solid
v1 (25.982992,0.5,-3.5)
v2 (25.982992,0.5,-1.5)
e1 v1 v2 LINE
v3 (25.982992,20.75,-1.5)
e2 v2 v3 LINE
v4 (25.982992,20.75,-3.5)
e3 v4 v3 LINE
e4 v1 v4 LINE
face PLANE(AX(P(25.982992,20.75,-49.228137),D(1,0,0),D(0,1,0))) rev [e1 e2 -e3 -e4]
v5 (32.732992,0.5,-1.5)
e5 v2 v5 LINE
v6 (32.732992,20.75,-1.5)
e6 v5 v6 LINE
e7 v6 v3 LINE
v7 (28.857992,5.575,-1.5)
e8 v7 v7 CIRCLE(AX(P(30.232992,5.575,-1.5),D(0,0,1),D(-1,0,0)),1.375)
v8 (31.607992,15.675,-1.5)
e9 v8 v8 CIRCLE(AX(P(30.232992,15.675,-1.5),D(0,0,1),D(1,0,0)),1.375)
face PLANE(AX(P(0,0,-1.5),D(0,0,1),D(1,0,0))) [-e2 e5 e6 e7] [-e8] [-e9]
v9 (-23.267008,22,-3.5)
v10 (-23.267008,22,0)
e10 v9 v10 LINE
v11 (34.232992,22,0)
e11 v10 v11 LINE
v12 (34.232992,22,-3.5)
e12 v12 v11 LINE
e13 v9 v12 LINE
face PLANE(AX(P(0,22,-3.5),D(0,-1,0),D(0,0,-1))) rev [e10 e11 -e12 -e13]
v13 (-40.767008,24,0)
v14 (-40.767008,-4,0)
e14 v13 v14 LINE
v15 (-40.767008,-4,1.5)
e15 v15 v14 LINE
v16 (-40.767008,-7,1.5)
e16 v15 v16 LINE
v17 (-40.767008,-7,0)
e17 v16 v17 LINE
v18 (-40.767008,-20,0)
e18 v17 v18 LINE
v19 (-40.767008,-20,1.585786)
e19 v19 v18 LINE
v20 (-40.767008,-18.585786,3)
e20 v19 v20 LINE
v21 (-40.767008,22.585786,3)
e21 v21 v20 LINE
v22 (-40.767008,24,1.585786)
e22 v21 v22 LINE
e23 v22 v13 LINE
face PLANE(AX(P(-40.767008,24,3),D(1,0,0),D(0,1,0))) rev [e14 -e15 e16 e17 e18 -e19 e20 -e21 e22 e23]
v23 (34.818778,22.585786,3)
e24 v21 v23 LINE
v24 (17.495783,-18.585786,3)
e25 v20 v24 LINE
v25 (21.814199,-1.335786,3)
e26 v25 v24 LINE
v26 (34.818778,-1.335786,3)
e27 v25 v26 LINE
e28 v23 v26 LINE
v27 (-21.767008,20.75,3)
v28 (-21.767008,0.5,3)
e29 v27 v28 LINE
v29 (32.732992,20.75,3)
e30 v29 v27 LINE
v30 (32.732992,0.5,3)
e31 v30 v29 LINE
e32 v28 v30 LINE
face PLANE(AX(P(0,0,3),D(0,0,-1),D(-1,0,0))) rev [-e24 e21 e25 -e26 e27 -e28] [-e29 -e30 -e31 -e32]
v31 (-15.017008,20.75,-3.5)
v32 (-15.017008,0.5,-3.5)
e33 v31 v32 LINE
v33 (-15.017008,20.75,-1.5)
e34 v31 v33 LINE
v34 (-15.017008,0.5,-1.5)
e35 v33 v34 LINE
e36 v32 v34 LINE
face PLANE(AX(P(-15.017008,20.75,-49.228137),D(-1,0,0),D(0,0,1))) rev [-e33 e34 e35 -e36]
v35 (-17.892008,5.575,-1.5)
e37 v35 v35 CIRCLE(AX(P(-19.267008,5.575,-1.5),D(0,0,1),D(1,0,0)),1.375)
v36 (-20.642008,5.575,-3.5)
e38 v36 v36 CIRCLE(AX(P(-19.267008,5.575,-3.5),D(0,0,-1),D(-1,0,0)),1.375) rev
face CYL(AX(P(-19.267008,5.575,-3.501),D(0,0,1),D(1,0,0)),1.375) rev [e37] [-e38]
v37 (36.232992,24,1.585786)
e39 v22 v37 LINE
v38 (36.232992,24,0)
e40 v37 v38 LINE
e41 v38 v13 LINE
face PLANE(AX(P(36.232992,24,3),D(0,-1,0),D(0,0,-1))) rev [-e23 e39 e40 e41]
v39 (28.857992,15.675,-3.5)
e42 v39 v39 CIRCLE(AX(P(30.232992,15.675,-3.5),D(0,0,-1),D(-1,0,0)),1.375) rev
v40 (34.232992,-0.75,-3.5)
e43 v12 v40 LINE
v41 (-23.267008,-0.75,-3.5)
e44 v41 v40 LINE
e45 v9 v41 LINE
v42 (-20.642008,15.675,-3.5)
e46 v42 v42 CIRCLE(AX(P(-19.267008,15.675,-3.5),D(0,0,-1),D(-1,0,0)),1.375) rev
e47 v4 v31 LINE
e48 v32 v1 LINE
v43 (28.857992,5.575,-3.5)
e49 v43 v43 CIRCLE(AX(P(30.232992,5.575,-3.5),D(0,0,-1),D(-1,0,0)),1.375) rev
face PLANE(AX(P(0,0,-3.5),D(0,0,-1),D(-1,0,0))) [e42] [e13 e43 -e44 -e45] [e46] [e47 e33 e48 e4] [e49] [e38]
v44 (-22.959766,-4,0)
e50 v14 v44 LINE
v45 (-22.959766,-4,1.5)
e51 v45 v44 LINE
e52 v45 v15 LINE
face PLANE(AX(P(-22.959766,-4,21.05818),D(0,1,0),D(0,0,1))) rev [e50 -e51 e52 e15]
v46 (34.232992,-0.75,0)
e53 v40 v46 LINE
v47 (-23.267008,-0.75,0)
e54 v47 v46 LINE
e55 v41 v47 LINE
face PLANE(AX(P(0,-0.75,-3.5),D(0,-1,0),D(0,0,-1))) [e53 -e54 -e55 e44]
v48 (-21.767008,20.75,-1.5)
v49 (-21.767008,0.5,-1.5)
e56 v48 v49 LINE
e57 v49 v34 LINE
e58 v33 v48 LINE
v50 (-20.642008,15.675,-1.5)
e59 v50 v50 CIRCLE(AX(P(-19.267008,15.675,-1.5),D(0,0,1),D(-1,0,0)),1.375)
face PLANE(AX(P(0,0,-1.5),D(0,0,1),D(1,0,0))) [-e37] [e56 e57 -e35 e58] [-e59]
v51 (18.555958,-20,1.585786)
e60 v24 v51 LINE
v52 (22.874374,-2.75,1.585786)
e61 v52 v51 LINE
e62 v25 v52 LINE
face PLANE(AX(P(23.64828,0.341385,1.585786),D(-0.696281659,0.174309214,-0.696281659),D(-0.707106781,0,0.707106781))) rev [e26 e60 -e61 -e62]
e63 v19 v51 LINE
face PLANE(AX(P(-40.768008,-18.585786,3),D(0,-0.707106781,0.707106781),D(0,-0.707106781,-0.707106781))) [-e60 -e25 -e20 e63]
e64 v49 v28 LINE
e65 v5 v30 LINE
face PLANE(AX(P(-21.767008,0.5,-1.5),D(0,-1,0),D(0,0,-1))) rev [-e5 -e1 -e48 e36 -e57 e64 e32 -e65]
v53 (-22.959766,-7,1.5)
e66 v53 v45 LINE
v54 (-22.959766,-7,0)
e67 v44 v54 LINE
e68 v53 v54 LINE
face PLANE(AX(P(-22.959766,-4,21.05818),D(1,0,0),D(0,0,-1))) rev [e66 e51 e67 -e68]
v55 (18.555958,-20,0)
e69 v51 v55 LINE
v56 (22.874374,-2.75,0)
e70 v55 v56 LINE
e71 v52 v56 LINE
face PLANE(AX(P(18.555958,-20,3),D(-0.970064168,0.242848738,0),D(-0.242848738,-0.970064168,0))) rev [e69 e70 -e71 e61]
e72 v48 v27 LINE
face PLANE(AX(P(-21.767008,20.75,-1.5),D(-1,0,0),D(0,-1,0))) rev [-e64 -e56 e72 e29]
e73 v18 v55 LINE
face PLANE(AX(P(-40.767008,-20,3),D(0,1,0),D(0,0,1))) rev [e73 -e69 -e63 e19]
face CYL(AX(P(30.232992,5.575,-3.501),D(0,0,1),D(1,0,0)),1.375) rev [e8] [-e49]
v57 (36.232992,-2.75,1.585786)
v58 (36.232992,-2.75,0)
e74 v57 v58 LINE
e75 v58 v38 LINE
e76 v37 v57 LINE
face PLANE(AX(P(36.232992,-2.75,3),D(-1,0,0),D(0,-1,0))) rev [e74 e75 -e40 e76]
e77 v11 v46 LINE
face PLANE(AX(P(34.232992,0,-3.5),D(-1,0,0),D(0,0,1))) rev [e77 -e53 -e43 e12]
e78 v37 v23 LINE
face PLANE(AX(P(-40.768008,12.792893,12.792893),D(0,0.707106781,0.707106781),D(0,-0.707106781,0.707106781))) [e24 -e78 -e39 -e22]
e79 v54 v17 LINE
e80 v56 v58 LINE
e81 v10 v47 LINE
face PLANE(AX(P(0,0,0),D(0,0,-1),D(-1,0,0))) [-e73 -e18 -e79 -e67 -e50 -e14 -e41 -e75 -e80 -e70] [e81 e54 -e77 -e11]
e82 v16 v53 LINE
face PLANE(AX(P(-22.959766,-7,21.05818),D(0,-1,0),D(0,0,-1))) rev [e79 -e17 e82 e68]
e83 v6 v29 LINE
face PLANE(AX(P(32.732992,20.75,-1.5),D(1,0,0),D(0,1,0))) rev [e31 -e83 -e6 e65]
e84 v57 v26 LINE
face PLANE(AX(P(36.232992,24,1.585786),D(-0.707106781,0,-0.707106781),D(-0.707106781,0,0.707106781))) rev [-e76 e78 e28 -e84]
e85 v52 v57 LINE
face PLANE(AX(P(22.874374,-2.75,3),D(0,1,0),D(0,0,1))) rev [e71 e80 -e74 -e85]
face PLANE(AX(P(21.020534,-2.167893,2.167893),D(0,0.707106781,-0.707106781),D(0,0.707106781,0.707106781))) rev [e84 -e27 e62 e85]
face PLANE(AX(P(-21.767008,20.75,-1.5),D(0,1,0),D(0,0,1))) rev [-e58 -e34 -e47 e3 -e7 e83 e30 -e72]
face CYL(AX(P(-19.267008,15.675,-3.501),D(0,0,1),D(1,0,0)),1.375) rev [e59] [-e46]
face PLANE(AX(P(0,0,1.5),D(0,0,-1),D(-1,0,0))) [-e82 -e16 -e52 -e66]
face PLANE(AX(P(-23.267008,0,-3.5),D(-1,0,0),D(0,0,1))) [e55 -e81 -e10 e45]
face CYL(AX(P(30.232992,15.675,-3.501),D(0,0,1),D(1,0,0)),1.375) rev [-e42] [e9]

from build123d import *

# Parameters (mm, degrees)
BOSS_EXTRUDE1_DEPTH = 3
CUT_EXTRUDE1_REACH  = 82.709
CUT_EXTRUDE2_REACH  = 82.709
CUT_EXTRUDE3_DEPTH  = 49.851933985
CUT_EXTRUDE4_REACH  = 63.973
SKETCH9_W           = 57.5
SKETCH9_H           = 22.75
BOSS_EXTRUDE2_DEPTH = 3.5
SKETCH13_W          = 54.5
SKETCH13_H          = 20.25
CUT_EXTRUDE6_DEPTH  = 4.5
SKETCH14_W          = 41
SKETCH14_H          = 20.25
CUT_EXTRUDE7_DEPTH  = 2
CUT_EXTRUDE8_REACH  = 49.521
SKETCH15_R          = 1.375
SKETCH16_W          = 17.807241949
SKETCH16_H          = 3
CUT_EXTRUDE9_DEPTH  = 1.5


with BuildPart() as part:
    # Sketch4 → Boss-Extrude1 (new body)
    with BuildSketch(Plane.XY):
        Polygon((22.874373936, -2.75), (36.232991843, -2.75), (36.232991843, 24), (-40.767008157, 24), (-40.767008157, -20), (18.555957827, -20), align=None)
    extrude(amount=BOSS_EXTRUDE1_DEPTH)

    # Sketch5 → Cut-Extrude1 (cut, up to next)
    with BuildSketch(Plane(origin=(36.232991843, 0, 0), x_dir=(0, 0, -1), z_dir=(1, 0, 0)), mode=Mode.PRIVATE) as cut_extrude1_sk1:
        Polygon((-3, 22.585786438), (-1.585786438, 24), (-3, 24), align=None)
    cut_extrude1_tool1 = extrude(cut_extrude1_sk1.sketch, amount=-CUT_EXTRUDE1_REACH, mode=Mode.PRIVATE) & part.part
    # Sketch5 → Cut-Extrude1 (cut, up to next)
    with BuildSketch(Plane(origin=(36.232991843, 0, 0), x_dir=(0, 0, -1), z_dir=(1, 0, 0)), mode=Mode.PRIVATE) as cut_extrude1_sk2:
        Polygon((-3, -18.585786438), (-1.585786438, -20), (-3, -20), align=None)
    cut_extrude1_tool2 = extrude(cut_extrude1_sk2.sketch, amount=-CUT_EXTRUDE1_REACH, mode=Mode.PRIVATE) & part.part
    add(cut_extrude1_tool1.solids().sort_by_distance((36.232992, 23.528595, 2.528595))[0], mode=Mode.SUBTRACT)
    add(cut_extrude1_tool2.solids().sort_by_distance((36.232992, -19.528595, 2.528595))[0], mode=Mode.SUBTRACT)

    # Cut-Extrude2: up to this plane
    cut_extrude2_end = Plane(origin=(18.555957827, -20, 3), z_dir=(-0.9700641682071632, 0.24284873802543147, 0))
    # Sketch5<4> → Cut-Extrude2 (cut, up to the surface)
    with BuildSketch(Plane(origin=(36.232991843, 0, 0), x_dir=(0, 0, -1), z_dir=(1, 0, 0)), mode=Mode.PRIVATE) as cut_extrude2_sk1:
        Polygon((-1.585786438, -2.75), (-3, -1.335786438), (-3, -2.75), align=None)
    cut_extrude2_tool1 = split(extrude(cut_extrude2_sk1.sketch, amount=-CUT_EXTRUDE2_REACH, mode=Mode.PRIVATE), bisect_by=cut_extrude2_end, keep=Keep.BOTH, mode=Mode.PRIVATE)
    add(cut_extrude2_tool1.solids().sort_by_distance((36.232992, -2.278595, 2.528595))[0], mode=Mode.SUBTRACT)

    # Sketch7 → Cut-Extrude3 (cut, through all)
    with BuildSketch(Plane.XZ.offset(2.75)):
        Polygon((36.232991843, 1.585786438), (34.818778281, 3), (36.232991843, 3), align=None)
    extrude(amount=-CUT_EXTRUDE3_DEPTH, mode=Mode.SUBTRACT)

    # Cut-Extrude4: up to this plane
    cut_extrude4_end = Plane(origin=(21.020533502, -2.167893219, 2.167893219), z_dir=(0, 0.7071067811865472, -0.707106781186548))
    # Sketch8 → Cut-Extrude4 (cut, up to the surface)
    with BuildSketch(Plane.XZ.offset(20), mode=Mode.PRIVATE) as cut_extrude4_sk1:
        Polygon((17.141744264, 3), (18.555957827, 3), (18.555957827, 1.585786438), align=None)
    cut_extrude4_tool1 = split(extrude(cut_extrude4_sk1.sketch, amount=CUT_EXTRUDE4_REACH, dir=(0.242848738025, 0.970064168207, 0), mode=Mode.PRIVATE), bisect_by=cut_extrude4_end, keep=Keep.BOTH, mode=Mode.PRIVATE)
    add(cut_extrude4_tool1.solids().sort_by_distance((18.084553, -20, 2.528595))[0], mode=Mode.SUBTRACT)

    # Sketch9 → Boss-Extrude2 (add)
    with BuildSketch(Plane.XY):
        with Locations((5.482991843, 10.625)):
            Rectangle(SKETCH9_W, SKETCH9_H)
    extrude(amount=-BOSS_EXTRUDE2_DEPTH)

    # Sketch13 → Cut-Extrude6 (cut)
    with BuildSketch(Plane.XY.offset(3)):
        with Locations((5.482991843, 10.625)):
            Rectangle(SKETCH13_W, SKETCH13_H)
    extrude(amount=-CUT_EXTRUDE6_DEPTH, mode=Mode.SUBTRACT)

    # Sketch14 → Cut-Extrude7 (cut)
    with BuildSketch(Plane.XY.offset(-1.5)):
        with Locations((5.482991843, 10.625)):
            Rectangle(SKETCH14_W, SKETCH14_H)
    extrude(amount=-CUT_EXTRUDE7_DEPTH, mode=Mode.SUBTRACT)

    # Sketch15 → Cut-Extrude8 (cut, up to next)
    with BuildSketch(Plane.XY.offset(-1.5), mode=Mode.PRIVATE) as cut_extrude8_sk1:
        with Locations((30.232991843, 15.675)):
            Circle(SKETCH15_R)
    cut_extrude8_tool1 = extrude(cut_extrude8_sk1.sketch, amount=-CUT_EXTRUDE8_REACH, mode=Mode.PRIVATE) & part.part
    # Sketch15 → Cut-Extrude8 (cut, up to next)
    with BuildSketch(Plane.XY.offset(-1.5), mode=Mode.PRIVATE) as cut_extrude8_sk2:
        with Locations(Location((30.232991843, 5.575, 0), (0, 0, 180))):
            Circle(SKETCH15_R)
    cut_extrude8_tool2 = extrude(cut_extrude8_sk2.sketch, amount=-CUT_EXTRUDE8_REACH, mode=Mode.PRIVATE) & part.part
    # Sketch15 → Cut-Extrude8 (cut, up to next)
    with BuildSketch(Plane.XY.offset(-1.5), mode=Mode.PRIVATE) as cut_extrude8_sk3:
        with Locations((-19.267008157, 5.575)):
            Circle(SKETCH15_R)
    cut_extrude8_tool3 = extrude(cut_extrude8_sk3.sketch, amount=-CUT_EXTRUDE8_REACH, mode=Mode.PRIVATE) & part.part
    # Sketch15 → Cut-Extrude8 (cut, up to next)
    with BuildSketch(Plane.XY.offset(-1.5), mode=Mode.PRIVATE) as cut_extrude8_sk4:
        with Locations(Location((-19.267008157, 15.675, 0), (0, 0, 180))):
            Circle(SKETCH15_R)
    cut_extrude8_tool4 = extrude(cut_extrude8_sk4.sketch, amount=-CUT_EXTRUDE8_REACH, mode=Mode.PRIVATE) & part.part
    add(cut_extrude8_tool1.solids().sort_by_distance((30.232992, 15.675, -1.5))[0], mode=Mode.SUBTRACT)
    add(cut_extrude8_tool2.solids().sort_by_distance((30.232992, 5.575, -1.5))[0], mode=Mode.SUBTRACT)
    add(cut_extrude8_tool3.solids().sort_by_distance((-19.267008, 5.575, -1.5))[0], mode=Mode.SUBTRACT)
    add(cut_extrude8_tool4.solids().sort_by_distance((-19.267008, 15.675, -1.5))[0], mode=Mode.SUBTRACT)

    # Sketch16 → Cut-Extrude9 (cut)
    with BuildSketch(Plane(origin=(0, 0, 0), x_dir=(-1, 0, 0), z_dir=(0, 0, -1))):
        with Locations((31.863387182, -5.5)):
            Rectangle(SKETCH16_W, SKETCH16_H)
    extrude(amount=-CUT_EXTRUDE9_DEPTH, mode=Mode.SUBTRACT)


solid = part.part
